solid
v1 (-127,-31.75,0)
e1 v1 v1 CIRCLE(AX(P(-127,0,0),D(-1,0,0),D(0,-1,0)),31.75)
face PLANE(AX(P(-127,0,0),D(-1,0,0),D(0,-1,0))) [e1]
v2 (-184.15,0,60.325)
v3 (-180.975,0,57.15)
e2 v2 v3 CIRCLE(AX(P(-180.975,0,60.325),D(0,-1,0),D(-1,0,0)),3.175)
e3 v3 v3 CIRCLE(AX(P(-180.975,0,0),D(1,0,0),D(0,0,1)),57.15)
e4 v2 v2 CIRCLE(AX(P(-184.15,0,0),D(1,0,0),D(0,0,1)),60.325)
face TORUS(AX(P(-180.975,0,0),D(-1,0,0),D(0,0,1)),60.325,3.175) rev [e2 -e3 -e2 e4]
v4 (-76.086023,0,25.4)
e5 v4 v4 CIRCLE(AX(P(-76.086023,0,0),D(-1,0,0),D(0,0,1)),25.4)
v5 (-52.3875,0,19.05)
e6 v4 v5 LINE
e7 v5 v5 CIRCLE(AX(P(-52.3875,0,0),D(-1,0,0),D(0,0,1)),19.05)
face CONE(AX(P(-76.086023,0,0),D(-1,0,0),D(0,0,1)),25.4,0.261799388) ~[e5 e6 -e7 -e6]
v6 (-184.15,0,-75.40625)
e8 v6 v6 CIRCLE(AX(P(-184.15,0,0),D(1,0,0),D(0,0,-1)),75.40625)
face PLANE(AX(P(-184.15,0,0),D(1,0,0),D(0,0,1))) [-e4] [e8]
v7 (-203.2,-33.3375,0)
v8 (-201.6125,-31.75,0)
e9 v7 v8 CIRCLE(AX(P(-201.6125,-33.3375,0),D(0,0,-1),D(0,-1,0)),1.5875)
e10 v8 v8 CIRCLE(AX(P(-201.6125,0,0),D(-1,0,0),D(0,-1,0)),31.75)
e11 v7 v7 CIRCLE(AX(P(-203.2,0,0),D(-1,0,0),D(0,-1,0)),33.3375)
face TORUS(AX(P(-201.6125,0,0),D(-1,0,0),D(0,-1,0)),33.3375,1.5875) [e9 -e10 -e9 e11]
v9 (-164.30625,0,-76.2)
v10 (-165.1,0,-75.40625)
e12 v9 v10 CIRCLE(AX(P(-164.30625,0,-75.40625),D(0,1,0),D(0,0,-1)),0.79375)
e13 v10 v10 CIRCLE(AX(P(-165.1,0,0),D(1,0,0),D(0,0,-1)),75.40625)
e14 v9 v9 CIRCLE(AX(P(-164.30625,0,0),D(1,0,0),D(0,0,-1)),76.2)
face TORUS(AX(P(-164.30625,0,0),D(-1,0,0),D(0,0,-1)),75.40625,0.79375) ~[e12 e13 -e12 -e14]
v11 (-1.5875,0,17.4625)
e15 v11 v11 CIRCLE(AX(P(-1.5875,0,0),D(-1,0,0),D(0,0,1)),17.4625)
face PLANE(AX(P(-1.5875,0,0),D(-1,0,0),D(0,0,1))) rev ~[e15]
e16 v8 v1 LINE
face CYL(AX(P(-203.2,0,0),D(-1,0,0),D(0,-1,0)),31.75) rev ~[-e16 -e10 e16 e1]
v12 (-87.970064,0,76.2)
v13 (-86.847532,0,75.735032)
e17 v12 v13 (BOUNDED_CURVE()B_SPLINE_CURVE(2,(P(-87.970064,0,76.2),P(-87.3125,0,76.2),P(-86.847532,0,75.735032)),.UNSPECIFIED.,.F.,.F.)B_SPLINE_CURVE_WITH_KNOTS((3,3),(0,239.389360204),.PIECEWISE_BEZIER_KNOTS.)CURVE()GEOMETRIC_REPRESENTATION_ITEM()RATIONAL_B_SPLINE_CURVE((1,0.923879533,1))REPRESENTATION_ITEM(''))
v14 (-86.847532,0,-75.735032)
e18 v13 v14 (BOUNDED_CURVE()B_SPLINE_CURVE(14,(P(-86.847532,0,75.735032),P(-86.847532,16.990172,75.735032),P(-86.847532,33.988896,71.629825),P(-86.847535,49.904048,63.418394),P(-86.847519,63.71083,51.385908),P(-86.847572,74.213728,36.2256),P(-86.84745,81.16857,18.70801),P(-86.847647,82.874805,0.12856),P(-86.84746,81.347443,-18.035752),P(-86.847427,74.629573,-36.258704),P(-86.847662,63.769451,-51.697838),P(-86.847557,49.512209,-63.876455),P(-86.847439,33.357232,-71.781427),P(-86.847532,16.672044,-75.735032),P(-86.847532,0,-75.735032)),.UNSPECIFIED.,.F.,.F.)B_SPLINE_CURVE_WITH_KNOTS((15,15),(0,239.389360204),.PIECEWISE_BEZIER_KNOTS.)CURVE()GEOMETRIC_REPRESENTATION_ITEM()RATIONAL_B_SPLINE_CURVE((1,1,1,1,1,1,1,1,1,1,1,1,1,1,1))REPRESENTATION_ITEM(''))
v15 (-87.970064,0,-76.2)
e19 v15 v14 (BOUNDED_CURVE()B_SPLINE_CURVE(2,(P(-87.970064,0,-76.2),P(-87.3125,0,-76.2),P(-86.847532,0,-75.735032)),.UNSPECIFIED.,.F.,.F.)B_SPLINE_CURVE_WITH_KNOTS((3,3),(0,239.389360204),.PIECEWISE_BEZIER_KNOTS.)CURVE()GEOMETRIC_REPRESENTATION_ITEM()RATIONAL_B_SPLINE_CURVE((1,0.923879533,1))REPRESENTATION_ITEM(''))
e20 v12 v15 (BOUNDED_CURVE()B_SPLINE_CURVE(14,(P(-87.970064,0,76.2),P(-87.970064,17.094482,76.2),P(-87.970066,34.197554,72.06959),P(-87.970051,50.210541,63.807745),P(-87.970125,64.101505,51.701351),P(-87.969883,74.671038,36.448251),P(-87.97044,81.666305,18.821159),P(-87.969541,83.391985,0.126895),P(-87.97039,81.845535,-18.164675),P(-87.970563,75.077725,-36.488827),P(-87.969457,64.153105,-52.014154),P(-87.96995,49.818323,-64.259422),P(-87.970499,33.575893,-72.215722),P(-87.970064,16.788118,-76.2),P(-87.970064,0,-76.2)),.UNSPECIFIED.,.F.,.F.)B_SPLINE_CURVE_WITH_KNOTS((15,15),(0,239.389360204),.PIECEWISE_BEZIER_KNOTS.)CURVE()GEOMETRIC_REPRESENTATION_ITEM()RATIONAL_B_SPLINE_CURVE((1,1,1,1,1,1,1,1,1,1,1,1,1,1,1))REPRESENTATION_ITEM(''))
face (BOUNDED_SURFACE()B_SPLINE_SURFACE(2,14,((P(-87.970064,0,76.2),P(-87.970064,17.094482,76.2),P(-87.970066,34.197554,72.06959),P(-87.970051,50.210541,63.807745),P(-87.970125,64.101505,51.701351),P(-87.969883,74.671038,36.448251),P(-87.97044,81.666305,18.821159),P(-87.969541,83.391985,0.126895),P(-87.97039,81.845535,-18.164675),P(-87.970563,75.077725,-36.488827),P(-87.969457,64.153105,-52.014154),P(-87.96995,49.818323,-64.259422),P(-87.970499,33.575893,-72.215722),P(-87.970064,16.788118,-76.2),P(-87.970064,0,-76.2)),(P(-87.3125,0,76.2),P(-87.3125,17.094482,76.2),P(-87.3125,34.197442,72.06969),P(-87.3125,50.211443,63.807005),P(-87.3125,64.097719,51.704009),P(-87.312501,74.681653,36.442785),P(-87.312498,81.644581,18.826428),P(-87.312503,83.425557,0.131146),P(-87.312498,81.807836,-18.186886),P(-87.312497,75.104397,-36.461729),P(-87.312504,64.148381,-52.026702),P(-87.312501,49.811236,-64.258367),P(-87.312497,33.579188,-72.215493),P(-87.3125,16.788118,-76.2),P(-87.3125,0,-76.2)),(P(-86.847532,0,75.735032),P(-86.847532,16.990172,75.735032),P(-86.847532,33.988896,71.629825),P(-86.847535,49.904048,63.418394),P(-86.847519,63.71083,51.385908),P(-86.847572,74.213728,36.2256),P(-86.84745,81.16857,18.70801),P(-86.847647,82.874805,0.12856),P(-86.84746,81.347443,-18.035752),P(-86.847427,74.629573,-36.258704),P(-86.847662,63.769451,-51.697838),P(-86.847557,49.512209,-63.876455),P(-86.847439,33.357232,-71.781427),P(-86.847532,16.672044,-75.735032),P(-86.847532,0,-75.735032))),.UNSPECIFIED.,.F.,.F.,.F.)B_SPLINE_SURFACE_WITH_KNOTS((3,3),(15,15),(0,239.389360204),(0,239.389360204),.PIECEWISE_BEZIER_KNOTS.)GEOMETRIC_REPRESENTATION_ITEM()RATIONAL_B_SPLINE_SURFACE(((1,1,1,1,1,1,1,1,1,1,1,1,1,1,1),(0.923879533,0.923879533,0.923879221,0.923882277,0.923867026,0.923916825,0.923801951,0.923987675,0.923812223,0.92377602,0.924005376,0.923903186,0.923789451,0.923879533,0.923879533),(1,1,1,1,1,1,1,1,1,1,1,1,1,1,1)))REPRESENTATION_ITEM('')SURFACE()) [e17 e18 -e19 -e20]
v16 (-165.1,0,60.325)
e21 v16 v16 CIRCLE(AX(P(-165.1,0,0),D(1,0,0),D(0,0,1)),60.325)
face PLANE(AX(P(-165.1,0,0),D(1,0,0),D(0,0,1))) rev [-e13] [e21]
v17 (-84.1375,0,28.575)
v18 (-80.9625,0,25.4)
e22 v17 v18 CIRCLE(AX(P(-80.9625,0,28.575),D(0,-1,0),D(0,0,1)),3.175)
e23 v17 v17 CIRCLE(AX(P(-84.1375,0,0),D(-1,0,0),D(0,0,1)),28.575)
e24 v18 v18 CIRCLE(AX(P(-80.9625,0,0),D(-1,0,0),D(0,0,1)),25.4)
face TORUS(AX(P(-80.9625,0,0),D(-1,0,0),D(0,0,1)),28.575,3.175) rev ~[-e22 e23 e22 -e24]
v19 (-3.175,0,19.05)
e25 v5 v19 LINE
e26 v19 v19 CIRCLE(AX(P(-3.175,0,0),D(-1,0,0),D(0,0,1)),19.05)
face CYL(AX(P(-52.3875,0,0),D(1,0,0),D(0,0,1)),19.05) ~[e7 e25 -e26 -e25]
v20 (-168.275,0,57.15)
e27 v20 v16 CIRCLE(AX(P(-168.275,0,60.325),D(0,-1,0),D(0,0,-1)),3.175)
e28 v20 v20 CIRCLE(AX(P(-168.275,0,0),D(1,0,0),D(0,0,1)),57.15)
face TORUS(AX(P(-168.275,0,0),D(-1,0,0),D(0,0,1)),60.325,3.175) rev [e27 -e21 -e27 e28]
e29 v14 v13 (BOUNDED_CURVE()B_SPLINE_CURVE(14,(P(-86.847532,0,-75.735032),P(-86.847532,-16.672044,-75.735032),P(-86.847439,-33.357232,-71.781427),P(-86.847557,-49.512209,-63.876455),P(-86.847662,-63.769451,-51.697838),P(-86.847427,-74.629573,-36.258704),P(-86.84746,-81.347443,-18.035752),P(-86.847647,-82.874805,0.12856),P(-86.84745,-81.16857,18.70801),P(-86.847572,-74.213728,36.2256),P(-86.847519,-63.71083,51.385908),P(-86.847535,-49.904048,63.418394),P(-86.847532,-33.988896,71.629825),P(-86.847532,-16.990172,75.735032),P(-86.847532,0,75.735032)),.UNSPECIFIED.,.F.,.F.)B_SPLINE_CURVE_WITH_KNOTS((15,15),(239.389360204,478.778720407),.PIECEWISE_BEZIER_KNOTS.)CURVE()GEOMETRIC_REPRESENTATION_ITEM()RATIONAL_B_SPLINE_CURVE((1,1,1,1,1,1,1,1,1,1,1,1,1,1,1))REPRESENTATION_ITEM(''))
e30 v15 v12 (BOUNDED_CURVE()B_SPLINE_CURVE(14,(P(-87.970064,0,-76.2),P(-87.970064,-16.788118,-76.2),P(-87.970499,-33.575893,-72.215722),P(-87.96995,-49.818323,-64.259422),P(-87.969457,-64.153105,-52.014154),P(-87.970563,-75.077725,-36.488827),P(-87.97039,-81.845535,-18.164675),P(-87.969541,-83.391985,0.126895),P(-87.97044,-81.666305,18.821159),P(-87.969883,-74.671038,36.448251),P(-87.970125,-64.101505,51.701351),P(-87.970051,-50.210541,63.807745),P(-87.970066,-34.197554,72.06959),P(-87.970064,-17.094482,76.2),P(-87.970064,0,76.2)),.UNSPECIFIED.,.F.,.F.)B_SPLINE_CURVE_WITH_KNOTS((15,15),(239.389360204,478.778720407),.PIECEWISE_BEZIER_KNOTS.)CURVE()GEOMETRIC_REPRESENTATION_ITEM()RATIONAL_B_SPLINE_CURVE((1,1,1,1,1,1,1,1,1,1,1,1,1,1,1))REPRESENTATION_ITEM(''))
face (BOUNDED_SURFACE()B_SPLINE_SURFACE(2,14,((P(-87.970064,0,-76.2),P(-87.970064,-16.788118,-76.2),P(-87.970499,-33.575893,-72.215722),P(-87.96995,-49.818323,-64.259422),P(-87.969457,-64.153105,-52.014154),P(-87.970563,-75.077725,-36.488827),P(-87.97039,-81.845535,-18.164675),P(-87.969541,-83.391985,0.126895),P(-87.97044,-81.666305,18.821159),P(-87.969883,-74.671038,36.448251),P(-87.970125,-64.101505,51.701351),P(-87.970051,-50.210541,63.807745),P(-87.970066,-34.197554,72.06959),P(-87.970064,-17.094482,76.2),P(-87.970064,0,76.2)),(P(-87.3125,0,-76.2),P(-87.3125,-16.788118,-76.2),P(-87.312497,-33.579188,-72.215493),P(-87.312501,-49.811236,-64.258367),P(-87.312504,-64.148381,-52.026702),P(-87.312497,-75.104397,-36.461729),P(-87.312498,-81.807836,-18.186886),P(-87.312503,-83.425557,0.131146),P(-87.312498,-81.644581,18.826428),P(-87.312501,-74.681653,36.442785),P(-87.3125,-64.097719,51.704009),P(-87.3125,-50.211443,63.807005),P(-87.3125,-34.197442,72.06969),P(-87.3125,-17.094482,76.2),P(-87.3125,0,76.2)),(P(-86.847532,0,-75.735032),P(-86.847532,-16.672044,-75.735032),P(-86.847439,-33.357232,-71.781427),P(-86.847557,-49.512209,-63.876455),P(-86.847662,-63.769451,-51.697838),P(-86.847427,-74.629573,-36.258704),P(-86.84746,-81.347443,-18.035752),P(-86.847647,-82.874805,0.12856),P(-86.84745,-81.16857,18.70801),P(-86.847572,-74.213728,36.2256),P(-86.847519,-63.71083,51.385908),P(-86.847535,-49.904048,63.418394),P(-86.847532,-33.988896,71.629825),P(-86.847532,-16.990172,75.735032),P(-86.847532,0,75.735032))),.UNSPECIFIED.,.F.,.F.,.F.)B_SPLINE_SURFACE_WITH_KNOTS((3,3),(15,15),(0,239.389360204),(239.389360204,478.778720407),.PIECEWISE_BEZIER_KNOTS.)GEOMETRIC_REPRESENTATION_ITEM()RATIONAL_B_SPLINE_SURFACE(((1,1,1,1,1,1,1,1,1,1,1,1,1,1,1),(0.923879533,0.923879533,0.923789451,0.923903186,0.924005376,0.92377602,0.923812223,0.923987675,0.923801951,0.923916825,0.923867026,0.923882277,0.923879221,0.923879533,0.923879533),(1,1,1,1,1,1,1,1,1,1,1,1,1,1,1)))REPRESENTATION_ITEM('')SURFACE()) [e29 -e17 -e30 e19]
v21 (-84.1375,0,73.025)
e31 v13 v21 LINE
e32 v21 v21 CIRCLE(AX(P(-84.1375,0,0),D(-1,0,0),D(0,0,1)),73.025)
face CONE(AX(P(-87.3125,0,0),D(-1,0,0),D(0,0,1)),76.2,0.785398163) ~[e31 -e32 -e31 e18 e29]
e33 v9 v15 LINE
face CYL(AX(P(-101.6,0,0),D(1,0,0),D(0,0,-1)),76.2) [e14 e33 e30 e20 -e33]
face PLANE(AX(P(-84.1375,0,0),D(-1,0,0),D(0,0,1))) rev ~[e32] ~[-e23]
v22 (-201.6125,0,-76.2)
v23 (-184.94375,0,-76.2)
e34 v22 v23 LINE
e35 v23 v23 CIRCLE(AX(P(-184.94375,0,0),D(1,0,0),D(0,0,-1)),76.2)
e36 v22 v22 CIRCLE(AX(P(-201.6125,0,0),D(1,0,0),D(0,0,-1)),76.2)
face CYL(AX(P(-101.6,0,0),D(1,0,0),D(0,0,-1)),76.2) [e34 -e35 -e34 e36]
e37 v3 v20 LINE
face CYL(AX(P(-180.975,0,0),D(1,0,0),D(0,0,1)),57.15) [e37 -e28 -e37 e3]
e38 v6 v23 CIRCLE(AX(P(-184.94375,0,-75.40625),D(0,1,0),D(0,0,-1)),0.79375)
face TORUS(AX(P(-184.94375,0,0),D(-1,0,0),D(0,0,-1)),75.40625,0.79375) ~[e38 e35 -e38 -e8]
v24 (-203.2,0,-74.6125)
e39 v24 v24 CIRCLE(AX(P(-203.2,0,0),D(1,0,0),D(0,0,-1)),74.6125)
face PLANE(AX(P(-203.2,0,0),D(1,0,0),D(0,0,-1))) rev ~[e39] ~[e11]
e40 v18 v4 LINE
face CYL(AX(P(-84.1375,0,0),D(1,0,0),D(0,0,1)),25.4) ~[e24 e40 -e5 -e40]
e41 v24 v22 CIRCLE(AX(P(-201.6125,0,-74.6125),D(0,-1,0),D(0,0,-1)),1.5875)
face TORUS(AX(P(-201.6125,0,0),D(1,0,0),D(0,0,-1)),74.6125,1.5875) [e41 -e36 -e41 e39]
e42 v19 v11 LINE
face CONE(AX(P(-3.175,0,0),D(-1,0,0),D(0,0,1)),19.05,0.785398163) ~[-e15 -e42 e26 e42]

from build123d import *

# Parameters (mm, degrees)
F0_W     = 203.2
F0_H     = 76.2
F4_R     = 31.75
F5_DEPTH = 76.2
F6_R     = 1.5875
F7_R     = 3.175
F10_R    = 0.79375


with BuildPart() as f1:
    # F0 (on Front) → F1 (revolve)
    with BuildSketch(Plane.XZ):
        with Locations((-101.6, -38.1)):
            Rectangle(F0_W, F0_H)
    revolve(axis=Axis((-101.6, 0, 0), (1, 0, 0)))

    # F2 (on Front) → F3 (revolve, cut)
    with BuildSketch(Plane.XZ):
        Polygon((-1.5875, 0), (0, 0), (0, 76.2), (-87.3125, 76.2), (-84.1375, 73.025), (-84.1375, 25.4), (-76.0860226281, 25.4), (-52.3875, 19.05), (-3.175, 19.05), (-1.5875, 17.4625), align=None)
    revolve(axis=Axis((-75.538600795, 0, 0), (-1, 0, 0)), mode=Mode.SUBTRACT)

    # F4 (on face) → F5 (cut)
    with BuildSketch(Plane(origin=(-203.2, 0, 0), x_dir=(0, -1, 0), z_dir=(-1, 0, 0))):
        Circle(F4_R)
    extrude(amount=-F5_DEPTH, mode=Mode.SUBTRACT)

    # F6
    f6_edges = [f1.edges().sort_by_distance(p)[0] for p in [
        (-203.2, 31.75, 0),
        (-203.2, 0, 76.2),
        (-87.3125, 76.2, 0),
        (-87.3125, -76.2, 0),
    ]]
    fillet(f6_edges, radius=F6_R)

    # F7
    f7_edges = [f1.edges().sort_by_distance(p)[0] for p in [
        (-84.1375, 0, -25.4),
    ]]
    fillet(f7_edges, radius=F7_R)

    # F8 (on Front) → F9 (revolve, cut)
    with BuildSketch(Plane.XZ):
        with BuildLine():
            Line((-165.1, 80.0532400608), (-184.15, 80.0532400608))
            Line((-184.15, 80.0532400608), (-184.15, 60.325))
            ThreePointArc((-184.15, 60.325), (-183.2200640303, 58.0799359697), (-180.975, 57.15))
            Line((-180.975, 57.15), (-168.275, 57.15))
            ThreePointArc((-168.275, 57.15), (-166.0299359697, 58.0799359697), (-165.1, 60.325))
            Line((-165.1, 60.325), (-165.1, 80.0532400608))
        make_face()
    revolve(axis=Axis((-52.3875, 0, 0), (1, 0, 0)), mode=Mode.SUBTRACT)

    # F10
    f10_edges = [f1.edges().sort_by_distance(p)[0] for p in [
        (-165.1, 0, 76.2),
        (-184.15, 0, 76.2),
    ]]
    fillet(f10_edges, radius=F10_R)


solid = f1.part
